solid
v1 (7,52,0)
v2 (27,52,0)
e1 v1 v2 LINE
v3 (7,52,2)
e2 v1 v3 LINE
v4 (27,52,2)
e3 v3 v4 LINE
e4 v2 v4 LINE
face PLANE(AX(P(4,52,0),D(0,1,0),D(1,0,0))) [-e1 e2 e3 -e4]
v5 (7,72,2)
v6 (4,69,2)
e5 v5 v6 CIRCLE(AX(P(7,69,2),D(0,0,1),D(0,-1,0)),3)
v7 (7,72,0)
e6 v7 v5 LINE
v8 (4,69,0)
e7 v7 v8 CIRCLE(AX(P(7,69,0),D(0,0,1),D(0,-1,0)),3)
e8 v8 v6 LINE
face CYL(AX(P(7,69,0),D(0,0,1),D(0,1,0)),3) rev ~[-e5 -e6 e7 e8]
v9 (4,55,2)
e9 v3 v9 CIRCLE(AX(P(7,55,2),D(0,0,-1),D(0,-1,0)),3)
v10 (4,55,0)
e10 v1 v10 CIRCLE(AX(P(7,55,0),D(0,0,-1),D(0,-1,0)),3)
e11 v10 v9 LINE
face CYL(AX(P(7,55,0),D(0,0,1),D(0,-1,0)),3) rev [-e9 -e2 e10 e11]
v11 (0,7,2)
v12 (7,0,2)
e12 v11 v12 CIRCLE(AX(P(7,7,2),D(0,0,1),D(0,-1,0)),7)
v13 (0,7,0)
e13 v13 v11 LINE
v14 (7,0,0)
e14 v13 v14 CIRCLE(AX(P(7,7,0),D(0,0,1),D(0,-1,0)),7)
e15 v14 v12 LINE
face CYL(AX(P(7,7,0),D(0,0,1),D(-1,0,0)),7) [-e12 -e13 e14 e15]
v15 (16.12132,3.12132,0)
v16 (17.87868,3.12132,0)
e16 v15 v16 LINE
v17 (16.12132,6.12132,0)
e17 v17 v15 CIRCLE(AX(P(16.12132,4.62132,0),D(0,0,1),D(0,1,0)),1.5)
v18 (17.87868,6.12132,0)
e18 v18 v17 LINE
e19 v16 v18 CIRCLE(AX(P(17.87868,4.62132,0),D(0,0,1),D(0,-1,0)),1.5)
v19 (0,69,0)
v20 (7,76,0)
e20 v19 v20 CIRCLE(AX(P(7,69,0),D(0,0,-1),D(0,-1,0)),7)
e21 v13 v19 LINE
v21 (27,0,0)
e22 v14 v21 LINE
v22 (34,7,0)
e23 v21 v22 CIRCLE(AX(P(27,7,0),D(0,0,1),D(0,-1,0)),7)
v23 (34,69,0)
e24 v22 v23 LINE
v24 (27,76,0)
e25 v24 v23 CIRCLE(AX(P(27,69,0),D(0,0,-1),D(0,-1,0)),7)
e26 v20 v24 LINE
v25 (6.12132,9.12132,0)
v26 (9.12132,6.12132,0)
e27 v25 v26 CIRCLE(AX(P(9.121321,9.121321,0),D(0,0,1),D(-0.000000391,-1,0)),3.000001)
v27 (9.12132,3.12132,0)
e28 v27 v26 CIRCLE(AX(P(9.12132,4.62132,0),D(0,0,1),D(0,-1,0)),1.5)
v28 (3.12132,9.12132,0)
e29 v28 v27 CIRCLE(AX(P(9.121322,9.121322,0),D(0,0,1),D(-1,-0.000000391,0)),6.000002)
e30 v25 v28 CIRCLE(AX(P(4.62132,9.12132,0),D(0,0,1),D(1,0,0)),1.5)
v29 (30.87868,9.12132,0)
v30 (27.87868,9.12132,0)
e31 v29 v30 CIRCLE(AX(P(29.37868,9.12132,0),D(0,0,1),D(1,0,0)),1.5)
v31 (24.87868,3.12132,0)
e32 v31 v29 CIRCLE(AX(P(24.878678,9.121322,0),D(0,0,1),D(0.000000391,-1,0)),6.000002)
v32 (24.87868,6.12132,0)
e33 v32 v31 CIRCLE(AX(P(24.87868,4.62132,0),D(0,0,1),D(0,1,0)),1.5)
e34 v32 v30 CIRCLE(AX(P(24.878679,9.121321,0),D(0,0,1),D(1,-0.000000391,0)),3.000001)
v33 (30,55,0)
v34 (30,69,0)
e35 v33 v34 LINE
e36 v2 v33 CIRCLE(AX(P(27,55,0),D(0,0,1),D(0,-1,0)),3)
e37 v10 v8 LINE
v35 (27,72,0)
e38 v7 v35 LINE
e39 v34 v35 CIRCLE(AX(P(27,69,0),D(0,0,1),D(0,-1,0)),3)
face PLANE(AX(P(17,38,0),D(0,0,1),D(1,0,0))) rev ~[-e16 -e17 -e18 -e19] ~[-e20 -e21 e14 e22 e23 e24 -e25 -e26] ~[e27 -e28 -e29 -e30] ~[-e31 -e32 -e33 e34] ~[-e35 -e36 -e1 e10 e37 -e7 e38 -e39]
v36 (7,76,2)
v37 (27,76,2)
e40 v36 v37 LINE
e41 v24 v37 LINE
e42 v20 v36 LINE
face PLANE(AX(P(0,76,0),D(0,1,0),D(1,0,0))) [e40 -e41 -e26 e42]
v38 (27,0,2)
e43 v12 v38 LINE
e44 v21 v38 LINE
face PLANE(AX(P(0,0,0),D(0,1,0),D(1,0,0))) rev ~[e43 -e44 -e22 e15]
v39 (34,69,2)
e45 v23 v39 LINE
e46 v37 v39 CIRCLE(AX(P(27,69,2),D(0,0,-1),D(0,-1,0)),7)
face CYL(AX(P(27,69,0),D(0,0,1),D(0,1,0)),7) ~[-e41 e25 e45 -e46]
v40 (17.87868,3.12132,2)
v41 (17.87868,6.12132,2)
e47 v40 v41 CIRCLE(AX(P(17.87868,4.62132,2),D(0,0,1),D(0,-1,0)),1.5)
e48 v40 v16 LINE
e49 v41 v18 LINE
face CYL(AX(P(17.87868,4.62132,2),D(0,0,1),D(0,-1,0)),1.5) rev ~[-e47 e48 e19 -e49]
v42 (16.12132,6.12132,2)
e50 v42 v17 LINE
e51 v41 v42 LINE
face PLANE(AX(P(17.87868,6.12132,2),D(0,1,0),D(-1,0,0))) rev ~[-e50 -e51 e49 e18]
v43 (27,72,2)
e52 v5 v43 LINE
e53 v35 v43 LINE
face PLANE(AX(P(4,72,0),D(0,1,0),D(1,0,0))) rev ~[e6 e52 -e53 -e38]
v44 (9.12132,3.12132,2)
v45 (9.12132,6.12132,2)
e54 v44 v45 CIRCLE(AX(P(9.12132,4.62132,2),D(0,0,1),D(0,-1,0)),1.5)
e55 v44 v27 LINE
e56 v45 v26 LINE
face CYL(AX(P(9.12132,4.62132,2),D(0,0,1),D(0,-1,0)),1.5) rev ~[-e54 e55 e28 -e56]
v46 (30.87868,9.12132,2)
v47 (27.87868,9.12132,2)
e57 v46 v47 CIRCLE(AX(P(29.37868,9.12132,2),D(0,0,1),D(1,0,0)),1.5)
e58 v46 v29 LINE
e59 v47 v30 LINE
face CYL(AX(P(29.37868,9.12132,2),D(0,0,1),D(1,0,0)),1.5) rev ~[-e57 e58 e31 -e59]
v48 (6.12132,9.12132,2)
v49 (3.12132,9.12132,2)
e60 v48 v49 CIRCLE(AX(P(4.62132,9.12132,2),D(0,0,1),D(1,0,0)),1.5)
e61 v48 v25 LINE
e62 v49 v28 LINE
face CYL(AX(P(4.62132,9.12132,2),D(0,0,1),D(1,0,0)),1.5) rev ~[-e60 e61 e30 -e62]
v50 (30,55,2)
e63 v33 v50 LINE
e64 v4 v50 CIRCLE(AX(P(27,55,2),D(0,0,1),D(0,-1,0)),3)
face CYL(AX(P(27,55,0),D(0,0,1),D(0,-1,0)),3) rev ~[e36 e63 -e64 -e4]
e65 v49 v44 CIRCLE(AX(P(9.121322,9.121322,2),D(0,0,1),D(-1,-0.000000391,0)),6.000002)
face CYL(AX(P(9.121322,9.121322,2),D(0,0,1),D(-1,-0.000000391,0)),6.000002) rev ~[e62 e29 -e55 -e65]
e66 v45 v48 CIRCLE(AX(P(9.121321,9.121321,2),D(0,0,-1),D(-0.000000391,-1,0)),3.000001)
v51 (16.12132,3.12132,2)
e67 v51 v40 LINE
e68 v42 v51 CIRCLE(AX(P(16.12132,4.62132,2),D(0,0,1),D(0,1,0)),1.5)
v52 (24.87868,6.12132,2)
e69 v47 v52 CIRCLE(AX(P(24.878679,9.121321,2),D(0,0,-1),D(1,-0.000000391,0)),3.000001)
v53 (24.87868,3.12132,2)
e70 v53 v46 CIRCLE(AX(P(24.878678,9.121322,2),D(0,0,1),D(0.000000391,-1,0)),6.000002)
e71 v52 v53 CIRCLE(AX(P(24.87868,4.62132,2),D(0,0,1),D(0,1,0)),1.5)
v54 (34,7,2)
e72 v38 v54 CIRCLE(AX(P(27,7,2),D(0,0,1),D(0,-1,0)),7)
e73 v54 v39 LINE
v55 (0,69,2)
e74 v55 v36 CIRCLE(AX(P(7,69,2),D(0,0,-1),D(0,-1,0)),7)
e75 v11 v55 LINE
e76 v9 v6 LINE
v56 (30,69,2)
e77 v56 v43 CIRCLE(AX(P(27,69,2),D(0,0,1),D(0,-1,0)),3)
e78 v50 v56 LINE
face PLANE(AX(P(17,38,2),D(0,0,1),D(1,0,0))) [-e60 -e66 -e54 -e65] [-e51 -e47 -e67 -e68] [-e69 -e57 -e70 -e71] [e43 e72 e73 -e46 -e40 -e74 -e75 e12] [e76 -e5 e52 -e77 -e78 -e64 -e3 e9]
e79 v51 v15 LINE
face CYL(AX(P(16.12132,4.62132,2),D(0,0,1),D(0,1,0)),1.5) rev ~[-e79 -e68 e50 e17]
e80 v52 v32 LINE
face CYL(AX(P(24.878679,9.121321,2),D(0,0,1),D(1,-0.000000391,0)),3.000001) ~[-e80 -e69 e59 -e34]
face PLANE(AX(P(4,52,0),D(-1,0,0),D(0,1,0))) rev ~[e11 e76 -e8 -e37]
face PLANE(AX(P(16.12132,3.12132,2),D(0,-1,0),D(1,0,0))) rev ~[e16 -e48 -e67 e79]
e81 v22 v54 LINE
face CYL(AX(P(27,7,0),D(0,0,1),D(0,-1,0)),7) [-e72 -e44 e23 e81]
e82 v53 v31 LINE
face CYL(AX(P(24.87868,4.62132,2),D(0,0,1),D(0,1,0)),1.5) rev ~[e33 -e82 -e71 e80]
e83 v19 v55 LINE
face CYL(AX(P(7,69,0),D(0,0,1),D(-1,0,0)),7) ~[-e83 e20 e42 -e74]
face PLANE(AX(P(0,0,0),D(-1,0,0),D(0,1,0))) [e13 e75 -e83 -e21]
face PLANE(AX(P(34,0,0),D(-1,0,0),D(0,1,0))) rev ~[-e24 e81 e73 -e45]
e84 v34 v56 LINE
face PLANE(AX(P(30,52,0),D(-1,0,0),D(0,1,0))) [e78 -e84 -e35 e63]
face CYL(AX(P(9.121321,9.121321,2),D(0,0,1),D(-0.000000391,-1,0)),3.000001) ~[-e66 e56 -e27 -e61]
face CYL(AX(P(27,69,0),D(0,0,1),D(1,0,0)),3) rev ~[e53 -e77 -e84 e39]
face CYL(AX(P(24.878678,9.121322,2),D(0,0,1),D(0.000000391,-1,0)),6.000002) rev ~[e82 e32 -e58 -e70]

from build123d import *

# Parameters (mm, degrees)
F0_W     = 34
F0_H     = 76
F0_W_2   = 26
F0_H_2   = 20
F1_DEPTH = 2
F2_R     = 3
F3_R     = 7
F5_DEPTH = 25


with BuildPart() as f1:
    # F0 (on Top) → F1 (new body)
    with BuildSketch(Plane.XY):
        with Locations((17, 38)):
            Rectangle(F0_W, F0_H)
        with Locations((17, 62)):
            Rectangle(F0_W_2, F0_H_2, mode=Mode.SUBTRACT)
    extrude(amount=F1_DEPTH)

    # F2
    f2_edges = [f1.edges().sort_by_distance(p)[0] for p in [
        (4, 72, 1),
        (30, 72, 1),
        (30, 52, 1),
        (4, 52, 1),
    ]]
    fillet(f2_edges, radius=F2_R)

    # F3
    f3_edges = [f1.edges().sort_by_distance(p)[0] for p in [
        (34, 76, 1),
        (0, 76, 1),
        (0, 0, 1),
        (34, 0, 1),
    ]]
    fillet(f3_edges, radius=F3_R)

    # F4 (on face) → F5 (cut)
    with BuildSketch(Plane.XY.offset(2)):
        with BuildLine():
            ThreePointArc((6.12132, 9.12132), (4.62132, 10.62132), (3.12132, 9.12132))
            ThreePointArc((3.12132, 9.12132), (4.87868, 4.87868), (9.12132, 3.12132))
            ThreePointArc((9.12132, 3.12132), (10.62132, 4.62132), (9.12132, 6.12132))
            ThreePointArc((9.12132, 6.12132), (7, 7), (6.12132, 9.12132))
        make_face()
        with BuildLine():
            Line((17.87868, 6.12132), (16.12132, 6.12132))
            ThreePointArc((16.12132, 6.12132), (14.62132, 4.62132), (16.12132, 3.12132))
            Line((16.12132, 3.12132), (17.87868, 3.12132))
            ThreePointArc((17.87868, 3.12132), (19.37868, 4.62132), (17.87868, 6.12132))
        make_face()
        with BuildLine():
            ThreePointArc((27.87868, 9.12132), (27, 7), (24.87868, 6.12132))
            ThreePointArc((24.87868, 6.12132), (23.37868, 4.62132), (24.87868, 3.12132))
            ThreePointArc((24.87868, 3.12132), (29.12132, 4.87868), (30.87868, 9.12132))
            ThreePointArc((30.87868, 9.12132), (29.37868, 10.62132), (27.87868, 9.12132))
        make_face()
    extrude(amount=-F5_DEPTH, mode=Mode.SUBTRACT)


solid = f1.part
